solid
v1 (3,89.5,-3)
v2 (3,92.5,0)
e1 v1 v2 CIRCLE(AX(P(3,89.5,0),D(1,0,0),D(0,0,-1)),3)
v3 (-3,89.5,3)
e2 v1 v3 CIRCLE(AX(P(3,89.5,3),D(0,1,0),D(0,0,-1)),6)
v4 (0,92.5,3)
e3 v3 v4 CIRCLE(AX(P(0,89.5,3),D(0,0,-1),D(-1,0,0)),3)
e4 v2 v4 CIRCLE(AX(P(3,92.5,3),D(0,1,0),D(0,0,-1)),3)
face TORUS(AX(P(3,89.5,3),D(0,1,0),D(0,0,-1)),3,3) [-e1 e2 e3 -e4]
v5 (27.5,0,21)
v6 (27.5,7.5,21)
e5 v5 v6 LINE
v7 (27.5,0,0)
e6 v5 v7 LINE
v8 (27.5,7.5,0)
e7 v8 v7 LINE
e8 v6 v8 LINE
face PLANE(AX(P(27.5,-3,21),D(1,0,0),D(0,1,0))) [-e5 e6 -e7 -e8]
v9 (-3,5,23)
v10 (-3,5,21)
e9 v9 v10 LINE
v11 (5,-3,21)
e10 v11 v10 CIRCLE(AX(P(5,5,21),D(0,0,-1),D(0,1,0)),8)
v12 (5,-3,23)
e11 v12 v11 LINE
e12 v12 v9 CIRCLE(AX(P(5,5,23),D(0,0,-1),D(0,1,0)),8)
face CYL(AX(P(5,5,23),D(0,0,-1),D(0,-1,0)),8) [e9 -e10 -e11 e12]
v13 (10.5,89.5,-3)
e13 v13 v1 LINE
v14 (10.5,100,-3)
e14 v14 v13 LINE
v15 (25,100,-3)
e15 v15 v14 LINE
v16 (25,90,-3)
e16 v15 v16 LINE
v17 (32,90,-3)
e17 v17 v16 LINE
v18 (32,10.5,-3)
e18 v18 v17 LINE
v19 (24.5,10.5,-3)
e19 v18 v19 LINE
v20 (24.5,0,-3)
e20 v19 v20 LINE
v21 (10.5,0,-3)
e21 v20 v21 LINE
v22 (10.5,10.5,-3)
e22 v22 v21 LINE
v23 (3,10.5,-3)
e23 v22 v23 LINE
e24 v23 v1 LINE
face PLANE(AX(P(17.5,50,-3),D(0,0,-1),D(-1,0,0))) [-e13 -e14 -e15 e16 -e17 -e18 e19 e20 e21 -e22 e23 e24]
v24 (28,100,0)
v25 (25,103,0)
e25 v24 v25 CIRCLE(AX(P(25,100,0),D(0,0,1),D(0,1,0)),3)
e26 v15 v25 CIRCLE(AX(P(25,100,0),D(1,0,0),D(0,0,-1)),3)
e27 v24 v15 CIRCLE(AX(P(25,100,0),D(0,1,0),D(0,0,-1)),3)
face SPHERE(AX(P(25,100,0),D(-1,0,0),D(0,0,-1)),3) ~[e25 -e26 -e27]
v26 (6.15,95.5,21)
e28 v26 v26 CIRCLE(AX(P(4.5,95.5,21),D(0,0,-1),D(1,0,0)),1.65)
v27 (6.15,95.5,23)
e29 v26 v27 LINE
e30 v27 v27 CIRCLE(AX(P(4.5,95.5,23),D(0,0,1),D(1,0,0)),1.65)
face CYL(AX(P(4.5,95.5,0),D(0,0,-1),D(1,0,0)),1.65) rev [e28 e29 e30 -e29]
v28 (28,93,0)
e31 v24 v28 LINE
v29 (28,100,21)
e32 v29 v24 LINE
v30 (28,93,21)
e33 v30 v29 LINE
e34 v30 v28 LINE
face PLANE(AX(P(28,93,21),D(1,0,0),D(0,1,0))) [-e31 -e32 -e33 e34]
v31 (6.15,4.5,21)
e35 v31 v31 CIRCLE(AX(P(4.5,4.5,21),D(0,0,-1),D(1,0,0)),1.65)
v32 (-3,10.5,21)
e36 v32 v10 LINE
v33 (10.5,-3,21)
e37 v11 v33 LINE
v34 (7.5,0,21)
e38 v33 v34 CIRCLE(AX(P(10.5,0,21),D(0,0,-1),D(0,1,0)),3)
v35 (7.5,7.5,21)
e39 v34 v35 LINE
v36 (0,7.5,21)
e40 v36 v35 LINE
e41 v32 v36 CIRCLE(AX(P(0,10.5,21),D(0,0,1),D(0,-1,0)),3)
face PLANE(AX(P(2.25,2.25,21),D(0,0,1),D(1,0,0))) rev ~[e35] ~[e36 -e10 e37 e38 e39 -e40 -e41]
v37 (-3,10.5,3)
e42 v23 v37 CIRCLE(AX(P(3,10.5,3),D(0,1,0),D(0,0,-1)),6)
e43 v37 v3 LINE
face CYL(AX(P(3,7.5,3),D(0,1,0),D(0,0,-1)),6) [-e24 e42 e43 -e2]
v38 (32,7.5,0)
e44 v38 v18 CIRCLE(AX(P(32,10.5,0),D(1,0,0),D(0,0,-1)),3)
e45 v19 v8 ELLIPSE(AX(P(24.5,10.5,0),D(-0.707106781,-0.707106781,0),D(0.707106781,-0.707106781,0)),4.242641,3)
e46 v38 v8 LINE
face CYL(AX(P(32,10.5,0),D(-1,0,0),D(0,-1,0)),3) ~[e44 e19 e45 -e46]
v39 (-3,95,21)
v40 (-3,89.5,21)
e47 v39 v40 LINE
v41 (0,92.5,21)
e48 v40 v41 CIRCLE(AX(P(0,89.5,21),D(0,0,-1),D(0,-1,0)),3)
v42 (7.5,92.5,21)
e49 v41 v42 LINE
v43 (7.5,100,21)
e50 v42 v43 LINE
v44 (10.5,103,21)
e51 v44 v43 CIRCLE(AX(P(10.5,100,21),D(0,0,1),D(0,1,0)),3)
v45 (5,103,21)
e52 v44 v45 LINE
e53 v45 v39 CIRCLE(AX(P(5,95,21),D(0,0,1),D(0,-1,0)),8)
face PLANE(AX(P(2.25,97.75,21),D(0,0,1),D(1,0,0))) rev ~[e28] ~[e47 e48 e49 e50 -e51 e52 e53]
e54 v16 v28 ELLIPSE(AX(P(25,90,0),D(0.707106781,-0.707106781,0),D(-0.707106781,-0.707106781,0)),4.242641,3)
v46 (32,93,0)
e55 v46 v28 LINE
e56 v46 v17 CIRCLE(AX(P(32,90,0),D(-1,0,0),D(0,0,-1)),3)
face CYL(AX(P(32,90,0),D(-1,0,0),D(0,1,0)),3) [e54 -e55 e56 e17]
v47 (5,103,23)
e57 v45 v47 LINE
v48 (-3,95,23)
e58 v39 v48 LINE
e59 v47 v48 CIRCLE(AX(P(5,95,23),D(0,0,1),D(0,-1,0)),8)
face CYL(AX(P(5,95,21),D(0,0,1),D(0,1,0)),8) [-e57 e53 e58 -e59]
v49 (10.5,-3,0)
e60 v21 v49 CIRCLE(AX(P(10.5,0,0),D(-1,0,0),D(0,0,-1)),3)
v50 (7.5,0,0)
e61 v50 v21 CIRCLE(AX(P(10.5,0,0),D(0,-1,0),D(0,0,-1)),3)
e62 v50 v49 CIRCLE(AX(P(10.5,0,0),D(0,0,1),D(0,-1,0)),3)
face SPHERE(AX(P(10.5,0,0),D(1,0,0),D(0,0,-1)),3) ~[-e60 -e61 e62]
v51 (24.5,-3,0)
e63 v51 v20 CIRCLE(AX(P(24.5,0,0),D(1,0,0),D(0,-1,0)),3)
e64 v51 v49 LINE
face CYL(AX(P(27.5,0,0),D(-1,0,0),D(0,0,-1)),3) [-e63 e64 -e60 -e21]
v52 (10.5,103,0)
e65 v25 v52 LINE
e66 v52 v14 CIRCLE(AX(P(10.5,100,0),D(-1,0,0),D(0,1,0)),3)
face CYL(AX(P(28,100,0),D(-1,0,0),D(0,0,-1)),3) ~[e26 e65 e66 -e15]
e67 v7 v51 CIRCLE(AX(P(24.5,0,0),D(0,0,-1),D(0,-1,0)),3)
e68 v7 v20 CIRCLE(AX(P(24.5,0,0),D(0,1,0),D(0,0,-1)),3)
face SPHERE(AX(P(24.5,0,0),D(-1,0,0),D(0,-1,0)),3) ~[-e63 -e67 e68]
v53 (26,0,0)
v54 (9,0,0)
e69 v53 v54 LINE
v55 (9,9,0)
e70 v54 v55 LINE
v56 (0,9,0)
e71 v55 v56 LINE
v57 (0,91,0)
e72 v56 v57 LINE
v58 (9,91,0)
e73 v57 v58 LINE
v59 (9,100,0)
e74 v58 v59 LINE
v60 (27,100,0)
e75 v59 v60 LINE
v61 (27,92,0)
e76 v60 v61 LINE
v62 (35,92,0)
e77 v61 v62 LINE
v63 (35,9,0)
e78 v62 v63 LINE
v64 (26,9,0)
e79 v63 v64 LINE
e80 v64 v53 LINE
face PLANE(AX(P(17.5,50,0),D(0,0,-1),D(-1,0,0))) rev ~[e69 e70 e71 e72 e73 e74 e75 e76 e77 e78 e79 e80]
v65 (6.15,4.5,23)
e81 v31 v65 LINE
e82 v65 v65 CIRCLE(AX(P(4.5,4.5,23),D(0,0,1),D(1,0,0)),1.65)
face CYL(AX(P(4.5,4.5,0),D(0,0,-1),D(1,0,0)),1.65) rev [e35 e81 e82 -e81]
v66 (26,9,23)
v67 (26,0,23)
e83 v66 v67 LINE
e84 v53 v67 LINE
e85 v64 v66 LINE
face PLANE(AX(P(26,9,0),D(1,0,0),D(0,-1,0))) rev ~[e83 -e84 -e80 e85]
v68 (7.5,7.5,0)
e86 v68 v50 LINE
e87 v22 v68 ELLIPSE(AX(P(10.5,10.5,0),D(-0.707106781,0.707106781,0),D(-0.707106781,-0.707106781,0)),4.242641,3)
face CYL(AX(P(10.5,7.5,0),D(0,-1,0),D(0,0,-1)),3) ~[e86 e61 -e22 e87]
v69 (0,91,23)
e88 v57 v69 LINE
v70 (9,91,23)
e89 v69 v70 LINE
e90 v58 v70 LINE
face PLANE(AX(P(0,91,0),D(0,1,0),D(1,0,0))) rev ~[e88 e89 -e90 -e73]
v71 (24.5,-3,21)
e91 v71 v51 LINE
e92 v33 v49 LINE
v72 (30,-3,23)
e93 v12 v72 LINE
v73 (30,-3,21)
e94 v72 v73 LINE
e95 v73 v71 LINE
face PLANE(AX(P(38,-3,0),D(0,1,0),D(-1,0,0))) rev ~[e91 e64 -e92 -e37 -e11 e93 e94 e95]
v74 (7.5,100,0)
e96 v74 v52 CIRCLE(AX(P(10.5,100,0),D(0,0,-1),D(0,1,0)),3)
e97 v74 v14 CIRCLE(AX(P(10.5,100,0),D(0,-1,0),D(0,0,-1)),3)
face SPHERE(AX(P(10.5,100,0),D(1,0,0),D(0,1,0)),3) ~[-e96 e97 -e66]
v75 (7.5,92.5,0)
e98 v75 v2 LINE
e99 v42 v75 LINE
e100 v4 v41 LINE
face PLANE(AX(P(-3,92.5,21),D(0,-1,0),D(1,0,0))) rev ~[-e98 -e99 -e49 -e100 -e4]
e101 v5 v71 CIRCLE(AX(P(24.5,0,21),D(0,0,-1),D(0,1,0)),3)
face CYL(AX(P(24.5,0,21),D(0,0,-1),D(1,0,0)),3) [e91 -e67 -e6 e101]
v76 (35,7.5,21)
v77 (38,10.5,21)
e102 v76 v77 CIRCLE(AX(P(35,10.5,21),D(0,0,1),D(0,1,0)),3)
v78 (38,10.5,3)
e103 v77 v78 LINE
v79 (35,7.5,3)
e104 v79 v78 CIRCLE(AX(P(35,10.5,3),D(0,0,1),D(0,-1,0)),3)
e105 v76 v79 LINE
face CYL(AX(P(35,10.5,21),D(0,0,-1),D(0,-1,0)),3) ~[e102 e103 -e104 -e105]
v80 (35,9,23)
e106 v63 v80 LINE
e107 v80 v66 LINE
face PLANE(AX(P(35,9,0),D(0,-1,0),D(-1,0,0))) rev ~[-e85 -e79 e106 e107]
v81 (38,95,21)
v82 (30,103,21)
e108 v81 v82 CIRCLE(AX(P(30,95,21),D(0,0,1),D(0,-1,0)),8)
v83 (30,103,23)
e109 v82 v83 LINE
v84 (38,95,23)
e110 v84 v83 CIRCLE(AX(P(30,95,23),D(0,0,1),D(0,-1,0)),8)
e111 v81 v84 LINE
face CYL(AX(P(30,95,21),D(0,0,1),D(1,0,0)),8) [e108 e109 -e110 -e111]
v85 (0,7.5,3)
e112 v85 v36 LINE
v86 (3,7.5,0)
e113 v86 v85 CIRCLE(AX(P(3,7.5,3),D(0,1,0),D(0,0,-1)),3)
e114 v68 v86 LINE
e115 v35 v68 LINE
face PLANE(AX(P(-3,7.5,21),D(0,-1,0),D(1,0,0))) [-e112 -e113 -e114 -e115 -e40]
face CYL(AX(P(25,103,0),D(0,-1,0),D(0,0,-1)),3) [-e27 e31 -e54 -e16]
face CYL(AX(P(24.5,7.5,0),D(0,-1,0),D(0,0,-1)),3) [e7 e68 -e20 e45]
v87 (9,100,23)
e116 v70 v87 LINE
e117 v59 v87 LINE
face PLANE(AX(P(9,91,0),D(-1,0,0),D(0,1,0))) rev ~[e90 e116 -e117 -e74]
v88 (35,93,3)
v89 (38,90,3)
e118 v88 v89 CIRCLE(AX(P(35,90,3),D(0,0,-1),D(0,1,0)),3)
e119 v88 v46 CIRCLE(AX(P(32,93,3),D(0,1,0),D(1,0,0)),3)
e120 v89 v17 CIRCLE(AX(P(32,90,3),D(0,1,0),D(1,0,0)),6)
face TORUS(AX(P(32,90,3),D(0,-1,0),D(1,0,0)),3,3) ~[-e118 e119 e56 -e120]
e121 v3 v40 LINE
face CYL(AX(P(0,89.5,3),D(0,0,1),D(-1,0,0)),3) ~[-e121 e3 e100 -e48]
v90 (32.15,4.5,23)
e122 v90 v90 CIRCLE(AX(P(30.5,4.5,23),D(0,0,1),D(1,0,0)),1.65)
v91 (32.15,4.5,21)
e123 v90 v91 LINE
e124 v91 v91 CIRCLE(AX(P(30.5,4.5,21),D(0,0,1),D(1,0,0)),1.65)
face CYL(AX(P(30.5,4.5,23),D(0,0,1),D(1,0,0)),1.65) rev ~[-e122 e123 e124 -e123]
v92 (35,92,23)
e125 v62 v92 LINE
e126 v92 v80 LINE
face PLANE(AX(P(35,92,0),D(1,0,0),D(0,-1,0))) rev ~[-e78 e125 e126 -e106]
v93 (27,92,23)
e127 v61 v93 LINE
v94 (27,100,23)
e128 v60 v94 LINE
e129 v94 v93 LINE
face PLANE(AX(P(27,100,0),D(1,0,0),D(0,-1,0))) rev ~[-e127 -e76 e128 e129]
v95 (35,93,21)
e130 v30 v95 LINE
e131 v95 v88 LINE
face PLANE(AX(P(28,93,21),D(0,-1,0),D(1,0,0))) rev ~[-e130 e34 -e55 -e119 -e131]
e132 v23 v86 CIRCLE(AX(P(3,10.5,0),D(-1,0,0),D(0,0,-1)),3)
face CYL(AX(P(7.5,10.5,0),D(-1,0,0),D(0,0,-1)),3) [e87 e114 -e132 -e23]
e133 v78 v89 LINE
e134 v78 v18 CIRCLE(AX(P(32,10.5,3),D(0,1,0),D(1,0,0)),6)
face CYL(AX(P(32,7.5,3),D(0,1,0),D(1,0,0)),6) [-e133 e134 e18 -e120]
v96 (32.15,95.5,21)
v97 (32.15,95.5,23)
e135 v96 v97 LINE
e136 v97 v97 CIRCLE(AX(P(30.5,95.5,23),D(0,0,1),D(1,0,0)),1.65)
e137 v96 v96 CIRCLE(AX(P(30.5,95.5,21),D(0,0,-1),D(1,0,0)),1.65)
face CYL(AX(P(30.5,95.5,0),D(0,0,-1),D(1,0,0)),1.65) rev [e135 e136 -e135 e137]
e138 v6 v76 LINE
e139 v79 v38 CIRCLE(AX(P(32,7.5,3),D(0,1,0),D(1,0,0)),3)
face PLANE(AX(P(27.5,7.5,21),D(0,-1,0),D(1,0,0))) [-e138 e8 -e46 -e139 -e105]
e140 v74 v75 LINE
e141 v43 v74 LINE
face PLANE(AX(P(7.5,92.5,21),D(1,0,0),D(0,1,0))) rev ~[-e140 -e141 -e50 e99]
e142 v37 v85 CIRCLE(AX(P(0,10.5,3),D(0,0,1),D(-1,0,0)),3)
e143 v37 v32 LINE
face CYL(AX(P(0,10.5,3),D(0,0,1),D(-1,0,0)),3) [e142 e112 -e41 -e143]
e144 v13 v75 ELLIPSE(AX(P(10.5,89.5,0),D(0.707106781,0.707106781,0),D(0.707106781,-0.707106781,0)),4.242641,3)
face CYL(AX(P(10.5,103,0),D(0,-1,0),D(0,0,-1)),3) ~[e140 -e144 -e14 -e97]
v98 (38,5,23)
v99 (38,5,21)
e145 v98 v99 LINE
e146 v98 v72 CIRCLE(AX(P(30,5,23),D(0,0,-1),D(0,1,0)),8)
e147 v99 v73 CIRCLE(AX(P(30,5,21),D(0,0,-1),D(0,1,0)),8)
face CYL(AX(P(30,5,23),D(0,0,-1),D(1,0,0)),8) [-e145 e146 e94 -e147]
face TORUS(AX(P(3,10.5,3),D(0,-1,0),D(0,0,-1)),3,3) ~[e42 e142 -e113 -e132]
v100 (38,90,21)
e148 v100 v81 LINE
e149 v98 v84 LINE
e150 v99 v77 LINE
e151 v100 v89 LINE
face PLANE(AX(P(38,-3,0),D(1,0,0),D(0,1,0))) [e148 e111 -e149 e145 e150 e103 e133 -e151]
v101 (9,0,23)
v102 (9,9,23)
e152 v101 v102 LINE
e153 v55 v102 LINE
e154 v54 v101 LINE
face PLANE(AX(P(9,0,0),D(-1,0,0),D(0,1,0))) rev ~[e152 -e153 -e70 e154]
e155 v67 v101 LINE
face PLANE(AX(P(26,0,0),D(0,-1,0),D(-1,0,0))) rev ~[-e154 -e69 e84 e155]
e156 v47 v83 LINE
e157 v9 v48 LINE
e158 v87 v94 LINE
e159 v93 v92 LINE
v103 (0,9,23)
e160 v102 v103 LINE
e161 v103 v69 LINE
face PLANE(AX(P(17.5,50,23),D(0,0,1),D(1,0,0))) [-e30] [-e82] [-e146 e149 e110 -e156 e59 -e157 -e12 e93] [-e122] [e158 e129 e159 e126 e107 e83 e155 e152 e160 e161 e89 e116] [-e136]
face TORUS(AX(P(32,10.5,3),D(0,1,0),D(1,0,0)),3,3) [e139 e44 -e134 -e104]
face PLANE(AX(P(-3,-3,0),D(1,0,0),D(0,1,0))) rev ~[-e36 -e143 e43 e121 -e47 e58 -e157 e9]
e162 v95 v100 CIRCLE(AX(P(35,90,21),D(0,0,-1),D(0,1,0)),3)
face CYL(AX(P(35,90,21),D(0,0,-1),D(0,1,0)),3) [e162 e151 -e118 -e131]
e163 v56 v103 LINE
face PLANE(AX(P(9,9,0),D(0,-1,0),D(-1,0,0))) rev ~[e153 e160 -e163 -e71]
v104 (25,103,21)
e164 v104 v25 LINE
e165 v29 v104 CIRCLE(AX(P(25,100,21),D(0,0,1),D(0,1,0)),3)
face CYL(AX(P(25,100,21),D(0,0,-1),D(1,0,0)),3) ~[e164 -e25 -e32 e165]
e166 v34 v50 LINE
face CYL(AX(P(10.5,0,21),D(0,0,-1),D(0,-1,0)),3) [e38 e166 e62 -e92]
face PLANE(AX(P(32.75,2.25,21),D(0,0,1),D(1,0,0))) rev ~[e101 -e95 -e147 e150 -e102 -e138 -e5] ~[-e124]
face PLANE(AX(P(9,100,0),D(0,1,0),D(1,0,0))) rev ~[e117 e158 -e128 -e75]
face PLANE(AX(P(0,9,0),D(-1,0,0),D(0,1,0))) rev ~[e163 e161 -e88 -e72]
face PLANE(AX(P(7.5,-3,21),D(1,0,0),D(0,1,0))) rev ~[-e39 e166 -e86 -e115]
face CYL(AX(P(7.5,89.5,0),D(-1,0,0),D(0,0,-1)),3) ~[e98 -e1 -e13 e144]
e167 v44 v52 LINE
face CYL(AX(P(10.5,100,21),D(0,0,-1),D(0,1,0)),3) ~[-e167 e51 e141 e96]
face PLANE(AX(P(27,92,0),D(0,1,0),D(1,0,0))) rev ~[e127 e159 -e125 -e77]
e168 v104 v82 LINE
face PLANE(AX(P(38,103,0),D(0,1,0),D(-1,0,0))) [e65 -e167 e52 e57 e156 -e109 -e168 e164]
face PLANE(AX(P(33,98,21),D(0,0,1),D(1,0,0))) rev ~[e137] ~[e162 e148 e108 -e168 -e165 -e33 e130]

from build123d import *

# Parameters (mm, degrees)
SKETCH_2_W          = 41
SKETCH_2_H          = 106
SKETCH_2_R          = 1.65
EXTRUDE_3_DEPTH     = 23
SKETCH_5_R          = 1.65
CUT_EXTRUDE_2_DEPTH = 113.169514575
SKETCH_6_W          = 41
SKETCH_6_H          = 106
EXTRUDE_4_DEPTH     = 3
CUT_EXTRUDE_START   = -2
SKETCH_7_W          = 10.5
SKETCH_7_H          = 10.5
SKETCH_7_W_2        = 10
SKETCH_7_H_2        = 10
CUT_EXTRUDE_3_DEPTH = 111.822870022
FILLET_1_R          = 8
FILLET_2_R          = 6
FILLET_3_R          = 3


with BuildPart() as part:
    # 草图2 → 凸台-拉伸3 (new body)
    with BuildSketch(Plane.XY):
        with Locations((17.5, 50)):
            Rectangle(SKETCH_2_W, SKETCH_2_H)
        Polygon((9, 0), (9, 9), (0, 9), (0, 91), (9, 91), (9, 100), (27, 100), (27, 92), (35, 92), (35, 9), (26, 9), (26, 0), align=None, mode=Mode.SUBTRACT)
        with Locations((4.5, 4.5)):
            Circle(SKETCH_2_R, mode=Mode.SUBTRACT)
        with Locations((4.5, 95.5)):
            Circle(SKETCH_2_R, mode=Mode.SUBTRACT)
        with Locations((30.5, 95.5)):
            Circle(SKETCH_2_R, mode=Mode.SUBTRACT)
    extrude(amount=EXTRUDE_3_DEPTH)

    # 草图5 → 切除-拉伸2 (cut, through all)
    with BuildSketch(Plane.XY.offset(23)):
        with Locations((30.5, 4.5)):
            Circle(SKETCH_5_R)
    extrude(amount=-CUT_EXTRUDE_2_DEPTH, mode=Mode.SUBTRACT)

    # 草图6 → 凸台-拉伸4 (add)
    with BuildSketch(Plane(origin=(0, 0, 0), x_dir=(-1, 0, 0), z_dir=(0, 0, -1))):
        with Locations((-17.5, 50)):
            Rectangle(SKETCH_6_W, SKETCH_6_H)
    extrude(amount=EXTRUDE_4_DEPTH)

    # 草图7 → 切除-拉伸3 (cut, through all)
    with BuildSketch(Plane.XY.offset(23).offset(CUT_EXTRUDE_START)):
        with Locations((2.25, 97.75)):
            Rectangle(SKETCH_7_W, SKETCH_7_H)
        with Locations((33, 98)):
            Rectangle(SKETCH_7_W_2, SKETCH_7_H_2)
        with Locations((2.25, 2.25)):
            Rectangle(SKETCH_7_W, SKETCH_7_H)
        with Locations((32.75, 2.25)):
            Rectangle(SKETCH_7_W, SKETCH_7_H)
    extrude(amount=-CUT_EXTRUDE_3_DEPTH, mode=Mode.SUBTRACT)

    # 圆角1
    fillet_1_edges = [part.edges().sort_by_distance(p)[0] for p in [
        (-3, -3, 22),
        (-3, 103, 22),
        (38, 103, 22),
        (38, -3, 22),
    ]]
    fillet(fillet_1_edges, radius=FILLET_1_R)

    # 圆角2
    fillet_2_edges = [part.edges().sort_by_distance(p)[0] for p in [
        (38, 50.25, -3),
        (-3, 50, -3),
    ]]
    fillet(fillet_2_edges, radius=FILLET_2_R)

    # 圆角3
    fillet_3_edges = [part.edges().sort_by_distance(p)[0] for p in [
        (17.5, -3, -3),
        (17.75, 103, -3),
        (27.5, -3, 9),
        (27.5, 2.25, -3),
        (7.5, 103, 9),
        (7.5, 97.75, -3),
        (28, 98, -3),
        (28, 103, 9),
        (7.5, 2.25, -3),
        (7.5, -3, 9),
        (29.75, 7.5, -3),
        (5.25, 7.5, -3),
        (5.25, 92.5, -3),
        (30, 93, -3),
        (-3, 92.5, 12),
        (-1.242640687, 92.5, -1.242640687),
        (-3, 7.5, 12),
        (-1.242640687, 7.5, -1.242640687),
        (38, 7.5, 12),
        (36.242640687, 7.5, -1.242640687),
        (38, 93, 12),
        (36.242640687, 93, -1.242640687),
    ]]
    fillet(fillet_3_edges, radius=FILLET_3_R)


solid = part.part
